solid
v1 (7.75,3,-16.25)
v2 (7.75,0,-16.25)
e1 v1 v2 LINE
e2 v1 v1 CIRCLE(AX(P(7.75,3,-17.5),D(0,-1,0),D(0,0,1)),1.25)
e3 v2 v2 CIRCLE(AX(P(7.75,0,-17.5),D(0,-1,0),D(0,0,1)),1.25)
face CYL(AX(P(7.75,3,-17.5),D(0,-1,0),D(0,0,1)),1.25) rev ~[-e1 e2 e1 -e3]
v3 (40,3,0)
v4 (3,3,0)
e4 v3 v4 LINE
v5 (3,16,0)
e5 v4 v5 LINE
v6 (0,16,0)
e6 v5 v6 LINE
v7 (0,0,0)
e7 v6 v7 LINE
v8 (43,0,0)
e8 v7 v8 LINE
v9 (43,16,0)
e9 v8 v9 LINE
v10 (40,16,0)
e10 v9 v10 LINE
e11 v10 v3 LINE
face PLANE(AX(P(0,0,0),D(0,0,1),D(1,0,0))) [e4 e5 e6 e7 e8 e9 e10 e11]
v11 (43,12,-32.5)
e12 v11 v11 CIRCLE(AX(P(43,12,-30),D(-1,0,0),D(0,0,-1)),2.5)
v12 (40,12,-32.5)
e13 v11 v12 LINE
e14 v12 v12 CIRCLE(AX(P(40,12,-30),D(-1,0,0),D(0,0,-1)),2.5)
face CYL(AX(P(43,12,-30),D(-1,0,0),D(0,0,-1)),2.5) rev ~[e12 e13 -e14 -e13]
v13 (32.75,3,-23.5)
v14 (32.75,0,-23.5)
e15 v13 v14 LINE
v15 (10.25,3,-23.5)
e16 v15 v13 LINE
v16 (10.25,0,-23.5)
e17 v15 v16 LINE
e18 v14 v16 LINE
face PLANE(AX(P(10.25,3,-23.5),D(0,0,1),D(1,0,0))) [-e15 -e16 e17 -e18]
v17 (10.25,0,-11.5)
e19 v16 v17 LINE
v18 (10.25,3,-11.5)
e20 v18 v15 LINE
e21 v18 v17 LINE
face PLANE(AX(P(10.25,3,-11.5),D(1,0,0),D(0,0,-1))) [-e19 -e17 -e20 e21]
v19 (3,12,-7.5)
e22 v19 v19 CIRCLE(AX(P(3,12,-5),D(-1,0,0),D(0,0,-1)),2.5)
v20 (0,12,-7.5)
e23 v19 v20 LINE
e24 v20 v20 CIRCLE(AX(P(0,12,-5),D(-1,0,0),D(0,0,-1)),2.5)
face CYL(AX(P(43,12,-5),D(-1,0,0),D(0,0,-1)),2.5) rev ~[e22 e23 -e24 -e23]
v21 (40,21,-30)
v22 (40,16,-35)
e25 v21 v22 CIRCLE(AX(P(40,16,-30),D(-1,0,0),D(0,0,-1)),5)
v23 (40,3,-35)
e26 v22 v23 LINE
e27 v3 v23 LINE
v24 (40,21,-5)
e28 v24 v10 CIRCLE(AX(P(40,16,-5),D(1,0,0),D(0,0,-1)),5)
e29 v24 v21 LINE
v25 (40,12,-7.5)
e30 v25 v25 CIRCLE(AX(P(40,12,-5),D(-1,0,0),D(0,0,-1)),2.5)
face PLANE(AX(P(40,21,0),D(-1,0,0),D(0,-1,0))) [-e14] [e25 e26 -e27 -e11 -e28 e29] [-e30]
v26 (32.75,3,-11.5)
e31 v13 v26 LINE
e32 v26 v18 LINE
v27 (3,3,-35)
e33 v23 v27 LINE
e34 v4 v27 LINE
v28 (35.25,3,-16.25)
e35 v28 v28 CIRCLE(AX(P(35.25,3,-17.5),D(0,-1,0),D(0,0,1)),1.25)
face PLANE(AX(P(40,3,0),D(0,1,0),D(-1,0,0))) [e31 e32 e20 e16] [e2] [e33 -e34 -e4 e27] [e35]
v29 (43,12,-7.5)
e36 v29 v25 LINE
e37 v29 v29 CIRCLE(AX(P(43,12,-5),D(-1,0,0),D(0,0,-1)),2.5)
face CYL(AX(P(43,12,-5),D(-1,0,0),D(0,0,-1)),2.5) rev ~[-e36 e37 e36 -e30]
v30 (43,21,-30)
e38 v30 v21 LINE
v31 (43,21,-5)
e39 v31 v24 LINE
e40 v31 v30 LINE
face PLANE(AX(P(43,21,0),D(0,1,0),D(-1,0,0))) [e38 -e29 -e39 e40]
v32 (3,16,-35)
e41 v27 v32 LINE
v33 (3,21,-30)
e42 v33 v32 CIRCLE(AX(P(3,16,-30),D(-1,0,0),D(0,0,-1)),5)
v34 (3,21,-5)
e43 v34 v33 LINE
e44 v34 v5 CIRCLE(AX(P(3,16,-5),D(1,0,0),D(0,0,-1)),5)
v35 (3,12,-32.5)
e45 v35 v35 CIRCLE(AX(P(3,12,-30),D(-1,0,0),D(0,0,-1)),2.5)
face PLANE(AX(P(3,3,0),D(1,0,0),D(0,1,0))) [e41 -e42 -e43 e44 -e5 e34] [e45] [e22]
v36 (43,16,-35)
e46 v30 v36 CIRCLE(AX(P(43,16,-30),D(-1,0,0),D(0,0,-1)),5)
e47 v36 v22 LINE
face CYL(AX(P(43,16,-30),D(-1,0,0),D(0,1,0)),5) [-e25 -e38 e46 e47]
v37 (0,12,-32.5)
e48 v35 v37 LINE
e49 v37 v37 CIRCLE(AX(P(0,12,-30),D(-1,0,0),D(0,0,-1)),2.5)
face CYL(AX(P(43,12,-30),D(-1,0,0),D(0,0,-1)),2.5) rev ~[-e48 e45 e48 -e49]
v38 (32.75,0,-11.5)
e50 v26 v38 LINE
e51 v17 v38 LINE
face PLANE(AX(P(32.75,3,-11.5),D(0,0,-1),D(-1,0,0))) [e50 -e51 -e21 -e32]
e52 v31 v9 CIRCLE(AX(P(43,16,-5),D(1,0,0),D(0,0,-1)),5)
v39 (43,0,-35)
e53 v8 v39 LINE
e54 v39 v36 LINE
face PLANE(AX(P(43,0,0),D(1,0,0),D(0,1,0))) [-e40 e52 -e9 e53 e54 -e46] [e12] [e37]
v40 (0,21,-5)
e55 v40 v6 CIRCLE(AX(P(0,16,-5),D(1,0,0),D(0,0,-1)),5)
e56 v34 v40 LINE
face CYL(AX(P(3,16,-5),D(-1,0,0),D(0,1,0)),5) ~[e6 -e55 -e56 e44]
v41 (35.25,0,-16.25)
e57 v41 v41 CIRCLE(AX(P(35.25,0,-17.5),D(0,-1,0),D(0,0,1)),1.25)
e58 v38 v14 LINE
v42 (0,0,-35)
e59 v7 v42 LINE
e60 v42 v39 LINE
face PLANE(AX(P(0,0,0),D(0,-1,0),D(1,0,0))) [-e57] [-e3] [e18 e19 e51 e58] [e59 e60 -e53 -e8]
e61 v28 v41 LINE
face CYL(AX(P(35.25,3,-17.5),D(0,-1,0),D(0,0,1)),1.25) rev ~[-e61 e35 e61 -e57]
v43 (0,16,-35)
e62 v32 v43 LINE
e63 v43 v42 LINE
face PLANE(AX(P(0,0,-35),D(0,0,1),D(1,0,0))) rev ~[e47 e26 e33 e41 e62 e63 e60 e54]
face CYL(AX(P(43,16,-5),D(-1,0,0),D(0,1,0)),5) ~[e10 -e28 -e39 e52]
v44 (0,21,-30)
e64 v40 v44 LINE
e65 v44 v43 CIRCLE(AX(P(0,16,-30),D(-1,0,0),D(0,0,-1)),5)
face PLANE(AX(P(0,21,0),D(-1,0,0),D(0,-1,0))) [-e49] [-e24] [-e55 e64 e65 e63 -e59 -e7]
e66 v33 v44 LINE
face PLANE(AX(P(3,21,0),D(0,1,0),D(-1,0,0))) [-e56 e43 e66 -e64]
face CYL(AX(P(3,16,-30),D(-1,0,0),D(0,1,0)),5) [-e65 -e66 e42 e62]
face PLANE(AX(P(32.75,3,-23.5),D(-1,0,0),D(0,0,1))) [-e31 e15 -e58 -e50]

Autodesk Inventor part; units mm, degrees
ref_plane "YZ Plane" through (0, 0, 0) normal (1, 0, 0) x (0, 1, 0)
ref_plane "XZ Plane" through (0, 0, 0) normal (0, 1, 0) x (-1, 0, 0)
ref_plane "XY Plane" through (0, 0, 0) normal (0, 0, 1) x (1, 0, 0)
sketch "Boceto1" plane through (0, 0, 0) normal (0, 0, 1) x (1, 0, 0)
  line L0 (0, 0) -> (43, 0)
  line L1 (43, 0) -> (43, 21)
  line L2 (43, 21) -> (40, 21)
  line L3 (40, 21) -> (40, 3)
  line L4 (40, 3) -> (3, 3)
  line L5 (3, 3) -> (3, 21)
  line L6 (3, 21) -> (0, 21)
  line L7 (0, 21) -> (0, 0)
extrude "Extrusión1" add sketch "Boceto1" against normal blind 35
fillet "Empalme1" radius 5 4 edges at (1.5, 21, 0) (1.5, 21, -35) (41.5, 21, 0) (41.5, 21, -35)
sketch "Boceto2" plane through (43, 0, 0) normal (1, 0, 0) x (0, 0, -1)
  arc A0 (5, 21) -> (0, 16) centre (5, 16) ccw projected
  circle A1 centre (5, 12) radius 2.5
  circle A2 centre (30, 12) radius 2.5
  point P0 (0, 0)
hole "Agujero1" at (43, 12, -5) at (43, 12, -30) direction (-1, 0, 0) diameter 5 end through all
sketch "Boceto3" plane through (3, 3, 0) normal (0, 1, 0) x (1, 0, 0)
  line L0 (7.25, 23.5) -> (29.75, 23.5)
  line L1 (29.75, 23.5) -> (29.75, 11.5)
  line L2 (29.75, 11.5) -> (7.25, 11.5)
  line L3 (7.25, 11.5) -> (7.25, 23.5)
  point P0 (-3, 0)
  point P1 (0, 35)
extrude "Extrusión2" cut sketch "Boceto3" against normal blind 35
sketch "Boceto4" plane through (3, 3, 0) normal (0, 1, 0) x (1, 0, 0)
  circle A0 centre (32.25, 17.5) radius 1.25
  circle A1 centre (4.75, 17.5) radius 1.25
  point P0 (-3, 0)
hole "Agujero2" at (7.75, 3, -17.5) at (35.25, 3, -17.5) direction (0, -1, 0) diameter 2.5 end through all
properties part number "8"
